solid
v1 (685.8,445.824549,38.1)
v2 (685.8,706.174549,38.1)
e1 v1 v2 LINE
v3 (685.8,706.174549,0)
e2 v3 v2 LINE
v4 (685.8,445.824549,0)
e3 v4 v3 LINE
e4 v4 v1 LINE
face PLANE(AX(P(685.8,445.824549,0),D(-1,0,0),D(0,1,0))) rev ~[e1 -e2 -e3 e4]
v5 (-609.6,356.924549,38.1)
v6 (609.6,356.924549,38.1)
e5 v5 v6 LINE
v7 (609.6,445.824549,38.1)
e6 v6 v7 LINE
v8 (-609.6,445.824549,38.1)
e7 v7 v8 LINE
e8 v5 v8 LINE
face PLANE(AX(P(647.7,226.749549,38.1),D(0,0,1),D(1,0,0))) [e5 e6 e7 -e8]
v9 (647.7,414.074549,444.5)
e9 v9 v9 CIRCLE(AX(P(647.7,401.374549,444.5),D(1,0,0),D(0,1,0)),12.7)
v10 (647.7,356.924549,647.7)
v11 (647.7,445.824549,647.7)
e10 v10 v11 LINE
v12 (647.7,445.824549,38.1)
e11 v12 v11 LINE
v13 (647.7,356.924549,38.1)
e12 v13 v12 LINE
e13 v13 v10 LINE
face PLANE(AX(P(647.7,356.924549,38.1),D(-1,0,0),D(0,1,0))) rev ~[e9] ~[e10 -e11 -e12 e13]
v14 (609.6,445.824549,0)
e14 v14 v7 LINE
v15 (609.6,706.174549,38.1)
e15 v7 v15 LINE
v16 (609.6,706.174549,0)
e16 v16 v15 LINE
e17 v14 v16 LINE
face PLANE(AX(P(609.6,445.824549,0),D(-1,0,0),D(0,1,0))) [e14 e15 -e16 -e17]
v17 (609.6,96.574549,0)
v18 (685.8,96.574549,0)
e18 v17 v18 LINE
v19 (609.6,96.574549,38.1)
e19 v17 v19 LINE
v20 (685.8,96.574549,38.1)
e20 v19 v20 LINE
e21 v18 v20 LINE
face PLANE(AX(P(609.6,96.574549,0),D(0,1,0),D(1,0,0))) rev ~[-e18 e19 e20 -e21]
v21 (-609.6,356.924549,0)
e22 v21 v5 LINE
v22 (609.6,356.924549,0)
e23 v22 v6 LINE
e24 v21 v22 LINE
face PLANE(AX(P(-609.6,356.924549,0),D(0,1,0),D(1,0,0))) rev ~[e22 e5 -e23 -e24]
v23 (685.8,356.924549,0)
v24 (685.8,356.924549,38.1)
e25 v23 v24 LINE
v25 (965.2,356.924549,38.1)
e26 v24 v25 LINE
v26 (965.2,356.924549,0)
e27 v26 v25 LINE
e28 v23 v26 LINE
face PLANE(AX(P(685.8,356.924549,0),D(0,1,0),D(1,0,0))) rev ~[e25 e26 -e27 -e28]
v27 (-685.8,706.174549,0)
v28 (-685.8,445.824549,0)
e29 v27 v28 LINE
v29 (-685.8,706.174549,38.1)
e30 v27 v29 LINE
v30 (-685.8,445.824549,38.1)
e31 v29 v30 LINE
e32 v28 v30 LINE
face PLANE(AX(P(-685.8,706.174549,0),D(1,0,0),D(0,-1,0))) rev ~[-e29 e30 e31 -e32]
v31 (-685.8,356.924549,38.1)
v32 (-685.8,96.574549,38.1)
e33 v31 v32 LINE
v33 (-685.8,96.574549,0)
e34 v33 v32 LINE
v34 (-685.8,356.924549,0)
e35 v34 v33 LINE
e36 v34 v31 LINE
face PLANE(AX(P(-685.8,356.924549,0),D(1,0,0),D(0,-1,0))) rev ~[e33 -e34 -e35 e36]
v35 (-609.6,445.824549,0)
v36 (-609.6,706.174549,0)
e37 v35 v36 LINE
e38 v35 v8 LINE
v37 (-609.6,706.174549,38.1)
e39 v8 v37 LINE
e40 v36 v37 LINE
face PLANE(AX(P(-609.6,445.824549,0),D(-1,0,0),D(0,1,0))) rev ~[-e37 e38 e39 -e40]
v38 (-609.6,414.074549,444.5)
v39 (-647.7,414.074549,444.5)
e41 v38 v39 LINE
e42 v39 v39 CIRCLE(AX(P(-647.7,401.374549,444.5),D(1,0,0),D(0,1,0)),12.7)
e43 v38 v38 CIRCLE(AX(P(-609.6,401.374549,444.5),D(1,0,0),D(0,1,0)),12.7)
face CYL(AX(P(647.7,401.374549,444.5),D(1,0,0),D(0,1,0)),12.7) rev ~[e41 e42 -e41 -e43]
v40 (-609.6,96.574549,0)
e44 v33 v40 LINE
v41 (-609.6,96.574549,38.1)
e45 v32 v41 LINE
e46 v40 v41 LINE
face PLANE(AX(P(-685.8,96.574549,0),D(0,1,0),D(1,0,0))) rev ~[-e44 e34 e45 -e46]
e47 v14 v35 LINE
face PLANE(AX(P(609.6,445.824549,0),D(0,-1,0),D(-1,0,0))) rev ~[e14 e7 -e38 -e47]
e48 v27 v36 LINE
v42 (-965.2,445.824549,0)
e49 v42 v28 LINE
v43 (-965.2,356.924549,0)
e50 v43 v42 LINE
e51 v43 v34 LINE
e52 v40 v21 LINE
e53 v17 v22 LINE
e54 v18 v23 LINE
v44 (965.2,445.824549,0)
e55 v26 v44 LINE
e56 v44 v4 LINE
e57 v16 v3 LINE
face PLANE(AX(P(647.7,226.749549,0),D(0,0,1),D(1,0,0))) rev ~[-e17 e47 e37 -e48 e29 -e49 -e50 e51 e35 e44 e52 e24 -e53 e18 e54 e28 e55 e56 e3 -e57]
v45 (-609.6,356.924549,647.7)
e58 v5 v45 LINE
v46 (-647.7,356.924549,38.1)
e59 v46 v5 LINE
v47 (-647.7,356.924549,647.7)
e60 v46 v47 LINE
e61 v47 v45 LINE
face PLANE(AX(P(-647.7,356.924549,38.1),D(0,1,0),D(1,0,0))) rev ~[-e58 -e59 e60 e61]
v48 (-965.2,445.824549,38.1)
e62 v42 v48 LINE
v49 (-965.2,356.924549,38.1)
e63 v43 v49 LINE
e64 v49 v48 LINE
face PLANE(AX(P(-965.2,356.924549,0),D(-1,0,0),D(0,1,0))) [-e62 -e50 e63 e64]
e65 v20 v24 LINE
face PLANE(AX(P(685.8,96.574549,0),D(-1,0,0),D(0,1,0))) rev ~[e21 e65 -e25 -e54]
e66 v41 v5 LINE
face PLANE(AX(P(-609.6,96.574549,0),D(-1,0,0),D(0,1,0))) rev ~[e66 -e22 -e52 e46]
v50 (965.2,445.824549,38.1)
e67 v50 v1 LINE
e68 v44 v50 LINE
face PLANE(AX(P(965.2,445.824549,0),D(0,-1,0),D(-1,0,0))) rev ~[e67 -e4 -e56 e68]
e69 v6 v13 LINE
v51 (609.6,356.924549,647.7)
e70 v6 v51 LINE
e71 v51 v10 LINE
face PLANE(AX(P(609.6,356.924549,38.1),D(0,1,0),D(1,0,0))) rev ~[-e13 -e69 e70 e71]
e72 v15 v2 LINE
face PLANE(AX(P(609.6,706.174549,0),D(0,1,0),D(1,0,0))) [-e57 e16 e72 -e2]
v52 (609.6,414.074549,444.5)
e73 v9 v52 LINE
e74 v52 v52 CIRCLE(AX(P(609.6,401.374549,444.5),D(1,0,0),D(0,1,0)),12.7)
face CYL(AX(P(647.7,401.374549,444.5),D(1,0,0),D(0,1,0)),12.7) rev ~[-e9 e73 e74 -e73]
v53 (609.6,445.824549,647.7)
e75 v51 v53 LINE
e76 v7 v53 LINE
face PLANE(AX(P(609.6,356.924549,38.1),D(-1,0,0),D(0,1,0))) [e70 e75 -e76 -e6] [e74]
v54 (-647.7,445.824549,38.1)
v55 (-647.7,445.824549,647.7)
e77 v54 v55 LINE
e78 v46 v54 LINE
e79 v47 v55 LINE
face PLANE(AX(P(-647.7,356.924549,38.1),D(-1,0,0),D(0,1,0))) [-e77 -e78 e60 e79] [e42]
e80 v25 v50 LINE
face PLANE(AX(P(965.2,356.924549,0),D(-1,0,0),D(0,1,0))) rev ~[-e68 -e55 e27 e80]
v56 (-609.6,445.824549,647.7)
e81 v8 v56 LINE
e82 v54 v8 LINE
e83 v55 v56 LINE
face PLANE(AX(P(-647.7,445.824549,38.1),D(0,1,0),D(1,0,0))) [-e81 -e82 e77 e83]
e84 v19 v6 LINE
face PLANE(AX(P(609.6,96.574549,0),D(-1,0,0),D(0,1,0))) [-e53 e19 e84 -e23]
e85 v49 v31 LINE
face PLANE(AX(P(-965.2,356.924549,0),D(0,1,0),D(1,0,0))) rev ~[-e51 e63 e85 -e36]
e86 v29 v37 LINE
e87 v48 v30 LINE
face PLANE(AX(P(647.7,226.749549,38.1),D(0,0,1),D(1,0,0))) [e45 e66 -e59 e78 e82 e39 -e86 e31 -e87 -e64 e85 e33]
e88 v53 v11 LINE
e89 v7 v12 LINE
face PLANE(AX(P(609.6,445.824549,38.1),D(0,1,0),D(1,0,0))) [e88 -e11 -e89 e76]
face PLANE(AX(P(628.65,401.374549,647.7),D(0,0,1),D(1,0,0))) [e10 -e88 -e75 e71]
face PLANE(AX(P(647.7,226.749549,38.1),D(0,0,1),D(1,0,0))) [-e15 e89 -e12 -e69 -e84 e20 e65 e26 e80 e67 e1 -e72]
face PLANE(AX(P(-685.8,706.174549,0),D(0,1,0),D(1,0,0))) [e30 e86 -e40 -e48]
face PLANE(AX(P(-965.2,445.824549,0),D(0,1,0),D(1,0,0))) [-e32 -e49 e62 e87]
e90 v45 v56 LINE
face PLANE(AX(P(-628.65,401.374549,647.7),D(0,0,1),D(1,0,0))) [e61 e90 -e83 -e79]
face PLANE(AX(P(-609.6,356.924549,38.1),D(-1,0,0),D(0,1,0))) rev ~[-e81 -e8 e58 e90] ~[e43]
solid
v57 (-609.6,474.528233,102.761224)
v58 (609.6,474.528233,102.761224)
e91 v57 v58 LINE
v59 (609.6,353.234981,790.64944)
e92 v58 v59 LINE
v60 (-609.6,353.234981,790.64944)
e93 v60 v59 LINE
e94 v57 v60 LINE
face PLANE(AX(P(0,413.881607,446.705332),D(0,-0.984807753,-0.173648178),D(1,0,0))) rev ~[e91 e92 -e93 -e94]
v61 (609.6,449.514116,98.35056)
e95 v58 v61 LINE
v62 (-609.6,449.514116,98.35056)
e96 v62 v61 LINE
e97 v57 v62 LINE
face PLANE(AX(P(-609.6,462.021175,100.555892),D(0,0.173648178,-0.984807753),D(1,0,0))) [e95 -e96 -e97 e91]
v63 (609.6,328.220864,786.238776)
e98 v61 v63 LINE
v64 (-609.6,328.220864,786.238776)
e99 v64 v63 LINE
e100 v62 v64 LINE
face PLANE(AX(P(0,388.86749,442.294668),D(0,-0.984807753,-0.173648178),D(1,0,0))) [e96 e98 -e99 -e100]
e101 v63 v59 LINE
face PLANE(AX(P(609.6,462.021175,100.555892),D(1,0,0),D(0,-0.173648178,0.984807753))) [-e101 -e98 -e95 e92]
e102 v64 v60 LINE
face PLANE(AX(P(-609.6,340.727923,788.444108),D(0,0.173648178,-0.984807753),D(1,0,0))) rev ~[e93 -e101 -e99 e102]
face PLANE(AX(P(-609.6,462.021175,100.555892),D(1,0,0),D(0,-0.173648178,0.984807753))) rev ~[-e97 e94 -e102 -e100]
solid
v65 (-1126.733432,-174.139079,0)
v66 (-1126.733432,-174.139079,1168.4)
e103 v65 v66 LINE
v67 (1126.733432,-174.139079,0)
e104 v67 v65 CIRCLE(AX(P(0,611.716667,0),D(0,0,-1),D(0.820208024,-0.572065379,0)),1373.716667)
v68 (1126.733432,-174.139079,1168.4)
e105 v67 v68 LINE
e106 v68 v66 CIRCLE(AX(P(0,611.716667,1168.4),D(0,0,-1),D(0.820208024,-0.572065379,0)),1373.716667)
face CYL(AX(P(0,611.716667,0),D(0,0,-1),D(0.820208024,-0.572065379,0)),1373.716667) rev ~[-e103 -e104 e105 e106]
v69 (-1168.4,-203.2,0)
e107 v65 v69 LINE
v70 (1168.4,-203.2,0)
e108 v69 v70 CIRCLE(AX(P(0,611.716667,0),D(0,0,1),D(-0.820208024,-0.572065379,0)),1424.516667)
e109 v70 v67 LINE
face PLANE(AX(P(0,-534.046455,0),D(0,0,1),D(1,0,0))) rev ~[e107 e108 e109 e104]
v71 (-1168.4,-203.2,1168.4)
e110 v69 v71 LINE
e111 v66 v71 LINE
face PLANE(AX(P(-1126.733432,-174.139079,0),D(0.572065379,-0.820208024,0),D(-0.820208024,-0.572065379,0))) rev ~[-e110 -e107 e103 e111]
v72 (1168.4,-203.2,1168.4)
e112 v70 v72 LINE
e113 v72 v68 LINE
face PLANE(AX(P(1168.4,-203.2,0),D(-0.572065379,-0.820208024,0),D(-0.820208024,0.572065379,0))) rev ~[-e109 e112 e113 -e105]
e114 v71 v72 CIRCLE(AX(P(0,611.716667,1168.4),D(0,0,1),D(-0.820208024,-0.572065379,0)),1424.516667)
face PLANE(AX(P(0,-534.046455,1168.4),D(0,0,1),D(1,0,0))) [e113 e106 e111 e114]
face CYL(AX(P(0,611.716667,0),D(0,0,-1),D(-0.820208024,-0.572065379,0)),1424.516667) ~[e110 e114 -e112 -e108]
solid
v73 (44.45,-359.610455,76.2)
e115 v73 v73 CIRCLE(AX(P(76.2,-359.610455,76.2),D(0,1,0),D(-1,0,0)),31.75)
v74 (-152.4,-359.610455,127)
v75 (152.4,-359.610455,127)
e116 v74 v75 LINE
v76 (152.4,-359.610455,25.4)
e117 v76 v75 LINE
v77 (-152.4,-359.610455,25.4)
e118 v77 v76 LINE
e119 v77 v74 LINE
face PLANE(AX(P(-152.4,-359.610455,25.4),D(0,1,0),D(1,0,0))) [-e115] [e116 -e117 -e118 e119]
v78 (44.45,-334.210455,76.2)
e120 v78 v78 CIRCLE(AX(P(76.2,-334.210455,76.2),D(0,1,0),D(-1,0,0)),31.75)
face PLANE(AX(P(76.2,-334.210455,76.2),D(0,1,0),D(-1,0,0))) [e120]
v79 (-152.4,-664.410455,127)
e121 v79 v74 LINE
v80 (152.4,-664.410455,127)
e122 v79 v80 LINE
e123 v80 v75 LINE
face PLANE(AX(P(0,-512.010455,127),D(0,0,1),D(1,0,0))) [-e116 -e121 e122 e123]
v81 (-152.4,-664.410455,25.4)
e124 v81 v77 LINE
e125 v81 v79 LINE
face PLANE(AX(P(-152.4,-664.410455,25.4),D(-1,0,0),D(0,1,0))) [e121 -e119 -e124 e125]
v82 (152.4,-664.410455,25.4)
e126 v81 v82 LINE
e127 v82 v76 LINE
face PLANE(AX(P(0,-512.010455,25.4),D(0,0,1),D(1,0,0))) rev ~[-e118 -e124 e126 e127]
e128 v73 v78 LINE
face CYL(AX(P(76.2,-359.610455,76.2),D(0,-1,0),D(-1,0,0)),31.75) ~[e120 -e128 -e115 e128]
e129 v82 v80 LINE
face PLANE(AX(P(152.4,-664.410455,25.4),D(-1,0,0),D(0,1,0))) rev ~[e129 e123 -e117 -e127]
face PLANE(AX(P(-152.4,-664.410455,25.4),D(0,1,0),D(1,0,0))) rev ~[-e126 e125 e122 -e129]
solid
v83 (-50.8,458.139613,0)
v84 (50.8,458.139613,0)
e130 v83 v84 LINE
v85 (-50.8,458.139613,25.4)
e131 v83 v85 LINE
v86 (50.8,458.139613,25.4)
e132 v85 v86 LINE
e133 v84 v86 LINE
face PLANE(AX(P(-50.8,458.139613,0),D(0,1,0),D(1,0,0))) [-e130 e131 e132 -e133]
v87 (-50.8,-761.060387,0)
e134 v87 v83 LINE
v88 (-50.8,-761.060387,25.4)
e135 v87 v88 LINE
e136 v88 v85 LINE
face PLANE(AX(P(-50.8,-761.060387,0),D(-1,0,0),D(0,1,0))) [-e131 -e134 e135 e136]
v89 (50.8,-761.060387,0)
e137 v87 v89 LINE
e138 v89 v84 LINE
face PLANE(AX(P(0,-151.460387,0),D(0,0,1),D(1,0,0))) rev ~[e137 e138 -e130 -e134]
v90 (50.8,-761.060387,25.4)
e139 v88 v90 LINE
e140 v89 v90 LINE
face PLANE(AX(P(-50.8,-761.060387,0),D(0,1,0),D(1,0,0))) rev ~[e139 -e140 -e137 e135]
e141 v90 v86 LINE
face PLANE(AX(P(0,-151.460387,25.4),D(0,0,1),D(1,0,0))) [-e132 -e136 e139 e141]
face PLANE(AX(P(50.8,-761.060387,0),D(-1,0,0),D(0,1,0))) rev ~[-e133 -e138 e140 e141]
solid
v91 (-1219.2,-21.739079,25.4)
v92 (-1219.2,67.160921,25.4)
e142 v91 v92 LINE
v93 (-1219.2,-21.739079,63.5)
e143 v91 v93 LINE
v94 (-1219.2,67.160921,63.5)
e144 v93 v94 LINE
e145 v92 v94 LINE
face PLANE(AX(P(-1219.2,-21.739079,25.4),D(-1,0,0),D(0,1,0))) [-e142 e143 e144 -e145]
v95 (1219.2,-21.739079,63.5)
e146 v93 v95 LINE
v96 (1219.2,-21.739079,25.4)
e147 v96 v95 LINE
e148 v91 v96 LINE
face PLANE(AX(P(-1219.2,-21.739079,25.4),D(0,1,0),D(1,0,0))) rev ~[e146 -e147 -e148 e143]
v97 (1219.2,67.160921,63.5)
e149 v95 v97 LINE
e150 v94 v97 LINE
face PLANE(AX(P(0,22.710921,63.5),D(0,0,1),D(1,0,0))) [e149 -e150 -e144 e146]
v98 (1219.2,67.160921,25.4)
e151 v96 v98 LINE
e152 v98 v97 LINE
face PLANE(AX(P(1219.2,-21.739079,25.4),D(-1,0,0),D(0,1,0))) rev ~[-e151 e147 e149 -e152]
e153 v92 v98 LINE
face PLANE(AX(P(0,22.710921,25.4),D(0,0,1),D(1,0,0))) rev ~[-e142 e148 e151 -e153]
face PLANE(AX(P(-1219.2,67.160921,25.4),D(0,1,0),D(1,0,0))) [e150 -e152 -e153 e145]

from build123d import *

# Parameters (mm, degrees)
F1_DEPTH  = 1168.4
F2_W      = 101.6
F2_H      = 1219.2
F3_DEPTH  = 25.4
F4_W      = 304.8
F4_H      = 304.8
F5_DEPTH  = 101.6
F6_R      = 31.75
F7_DEPTH  = 25.4
F8_W      = 2438.4
F8_H      = 88.9
F9_DEPTH  = 38.1
F10_W     = 76.2
F10_H     = 260.35
F10_W_2   = 1219.2
F10_H_2   = 88.9
F10_W_3   = 279.4
F11_DEPTH = 38.1
F12_W     = 38.1
F12_H     = 88.9
F13_DEPTH = 609.6
F14_R     = 12.7
F15_DEPTH = 1866.901
F19_W     = 1219.2
F19_H     = 698.5
F20_DEPTH = 12.7


with BuildPart() as f1:
    # F0 (on Top) → F1 (new body)
    with BuildSketch(Plane.XY):
        with BuildLine():
            Line((-1126.7334323923, -174.1390787519), (-1168.4, -203.2))
            ThreePointArc((-1168.4, -203.2), (0, -812.8), (1168.4, -203.2))
            Line((1168.4, -203.2), (1126.7334323923, -174.1390787519))
            ThreePointArc((1126.7334323923, -174.1390787519), (0, -762), (-1126.7334323923, -174.1390787519))
        make_face()
    extrude(amount=F1_DEPTH)


with BuildPart() as f3:
    # F2 (on Top) → F3 (new body)
    with BuildSketch(Plane.XY):
        with Locations((0, -151.4603874385)):
            Rectangle(F2_W, F2_H)
    extrude(amount=F3_DEPTH)


with BuildPart() as f5:
    # F4 (on face) → F5 (new body)
    with BuildSketch(Plane.XY.offset(25.4)):
        with Locations((0, -512.0104551315)):
            Rectangle(F4_W, F4_H)
    extrude(amount=F5_DEPTH)

    # F6 (on face) → F7 (join)
    with BuildSketch(Plane(origin=(0, -359.6104551315, 0), x_dir=(-1, 0, 0), z_dir=(0, 1, 0))):
        with Locations((-76.2, 76.2)):
            Circle(F6_R)
    extrude(amount=F7_DEPTH)


with BuildPart() as f9:
    # F8 (on face) → F9 (new body)
    with BuildSketch(Plane.XY.offset(25.4)):
        with Locations((0, 22.7109212481)):
            Rectangle(F8_W, F8_H)
    extrude(amount=F9_DEPTH)


with BuildPart() as f11:
    # F10 (on Top) → F11 (new body)
    with BuildSketch(Plane.XY):
        with Locations((647.7, 226.7495486736)):
            Rectangle(F10_W, F10_H)
        with Locations((0, 401.3745486736)):
            Rectangle(F10_W_2, F10_H_2)
        with Locations((647.7, 401.3745486736)):
            Rectangle(F10_W, F10_H_2)
        with Locations((825.5, 401.3745486736)):
            Rectangle(F10_W_3, F10_H_2)
        with Locations((647.7, 575.9995486736)):
            Rectangle(F10_W, F10_H)
        with Locations((-647.7, 401.3745486736)):
            Rectangle(F10_W, F10_H_2)
        with Locations((-647.7, 226.7495486736)):
            Rectangle(F10_W, F10_H)
        with Locations((-647.7, 575.9995486736)):
            Rectangle(F10_W, F10_H)
        with Locations((-825.5, 401.3745486736)):
            Rectangle(F10_W_3, F10_H_2)
    extrude(amount=F11_DEPTH)

    # F12 (on face) → F13 (join)
    with BuildSketch(Plane.XY.offset(38.1)):
        with Locations((628.65, 401.3745486736)):
            Rectangle(F12_W, F12_H)
        with Locations((-628.65, 401.3745486736)):
            Rectangle(F12_W, F12_H)
    extrude(amount=F13_DEPTH)

    # F14 (on face) → F15 (cut, through all)
    with BuildSketch(Plane.YZ.offset(647.7)):
        with Locations((401.3745486736, 444.5)):
            Circle(F14_R)
    extrude(amount=-F15_DEPTH, mode=Mode.SUBTRACT)


with BuildPart() as f20:
    # F19 (on line) → F20 (new body, symmetric)
    with BuildSketch(Plane(origin=(0, 465.2856019709, 82.0424053626), x_dir=(1, 0, 0), z_dir=(0, -0.984807753, -0.1736481777))):
        with Locations((0, 368.0490872749)):
            Rectangle(F19_W, F19_H)
    extrude(amount=F20_DEPTH, both=True)


solid = Compound([f1.part, f3.part, f5.part, f9.part, f11.part, f20.part])
